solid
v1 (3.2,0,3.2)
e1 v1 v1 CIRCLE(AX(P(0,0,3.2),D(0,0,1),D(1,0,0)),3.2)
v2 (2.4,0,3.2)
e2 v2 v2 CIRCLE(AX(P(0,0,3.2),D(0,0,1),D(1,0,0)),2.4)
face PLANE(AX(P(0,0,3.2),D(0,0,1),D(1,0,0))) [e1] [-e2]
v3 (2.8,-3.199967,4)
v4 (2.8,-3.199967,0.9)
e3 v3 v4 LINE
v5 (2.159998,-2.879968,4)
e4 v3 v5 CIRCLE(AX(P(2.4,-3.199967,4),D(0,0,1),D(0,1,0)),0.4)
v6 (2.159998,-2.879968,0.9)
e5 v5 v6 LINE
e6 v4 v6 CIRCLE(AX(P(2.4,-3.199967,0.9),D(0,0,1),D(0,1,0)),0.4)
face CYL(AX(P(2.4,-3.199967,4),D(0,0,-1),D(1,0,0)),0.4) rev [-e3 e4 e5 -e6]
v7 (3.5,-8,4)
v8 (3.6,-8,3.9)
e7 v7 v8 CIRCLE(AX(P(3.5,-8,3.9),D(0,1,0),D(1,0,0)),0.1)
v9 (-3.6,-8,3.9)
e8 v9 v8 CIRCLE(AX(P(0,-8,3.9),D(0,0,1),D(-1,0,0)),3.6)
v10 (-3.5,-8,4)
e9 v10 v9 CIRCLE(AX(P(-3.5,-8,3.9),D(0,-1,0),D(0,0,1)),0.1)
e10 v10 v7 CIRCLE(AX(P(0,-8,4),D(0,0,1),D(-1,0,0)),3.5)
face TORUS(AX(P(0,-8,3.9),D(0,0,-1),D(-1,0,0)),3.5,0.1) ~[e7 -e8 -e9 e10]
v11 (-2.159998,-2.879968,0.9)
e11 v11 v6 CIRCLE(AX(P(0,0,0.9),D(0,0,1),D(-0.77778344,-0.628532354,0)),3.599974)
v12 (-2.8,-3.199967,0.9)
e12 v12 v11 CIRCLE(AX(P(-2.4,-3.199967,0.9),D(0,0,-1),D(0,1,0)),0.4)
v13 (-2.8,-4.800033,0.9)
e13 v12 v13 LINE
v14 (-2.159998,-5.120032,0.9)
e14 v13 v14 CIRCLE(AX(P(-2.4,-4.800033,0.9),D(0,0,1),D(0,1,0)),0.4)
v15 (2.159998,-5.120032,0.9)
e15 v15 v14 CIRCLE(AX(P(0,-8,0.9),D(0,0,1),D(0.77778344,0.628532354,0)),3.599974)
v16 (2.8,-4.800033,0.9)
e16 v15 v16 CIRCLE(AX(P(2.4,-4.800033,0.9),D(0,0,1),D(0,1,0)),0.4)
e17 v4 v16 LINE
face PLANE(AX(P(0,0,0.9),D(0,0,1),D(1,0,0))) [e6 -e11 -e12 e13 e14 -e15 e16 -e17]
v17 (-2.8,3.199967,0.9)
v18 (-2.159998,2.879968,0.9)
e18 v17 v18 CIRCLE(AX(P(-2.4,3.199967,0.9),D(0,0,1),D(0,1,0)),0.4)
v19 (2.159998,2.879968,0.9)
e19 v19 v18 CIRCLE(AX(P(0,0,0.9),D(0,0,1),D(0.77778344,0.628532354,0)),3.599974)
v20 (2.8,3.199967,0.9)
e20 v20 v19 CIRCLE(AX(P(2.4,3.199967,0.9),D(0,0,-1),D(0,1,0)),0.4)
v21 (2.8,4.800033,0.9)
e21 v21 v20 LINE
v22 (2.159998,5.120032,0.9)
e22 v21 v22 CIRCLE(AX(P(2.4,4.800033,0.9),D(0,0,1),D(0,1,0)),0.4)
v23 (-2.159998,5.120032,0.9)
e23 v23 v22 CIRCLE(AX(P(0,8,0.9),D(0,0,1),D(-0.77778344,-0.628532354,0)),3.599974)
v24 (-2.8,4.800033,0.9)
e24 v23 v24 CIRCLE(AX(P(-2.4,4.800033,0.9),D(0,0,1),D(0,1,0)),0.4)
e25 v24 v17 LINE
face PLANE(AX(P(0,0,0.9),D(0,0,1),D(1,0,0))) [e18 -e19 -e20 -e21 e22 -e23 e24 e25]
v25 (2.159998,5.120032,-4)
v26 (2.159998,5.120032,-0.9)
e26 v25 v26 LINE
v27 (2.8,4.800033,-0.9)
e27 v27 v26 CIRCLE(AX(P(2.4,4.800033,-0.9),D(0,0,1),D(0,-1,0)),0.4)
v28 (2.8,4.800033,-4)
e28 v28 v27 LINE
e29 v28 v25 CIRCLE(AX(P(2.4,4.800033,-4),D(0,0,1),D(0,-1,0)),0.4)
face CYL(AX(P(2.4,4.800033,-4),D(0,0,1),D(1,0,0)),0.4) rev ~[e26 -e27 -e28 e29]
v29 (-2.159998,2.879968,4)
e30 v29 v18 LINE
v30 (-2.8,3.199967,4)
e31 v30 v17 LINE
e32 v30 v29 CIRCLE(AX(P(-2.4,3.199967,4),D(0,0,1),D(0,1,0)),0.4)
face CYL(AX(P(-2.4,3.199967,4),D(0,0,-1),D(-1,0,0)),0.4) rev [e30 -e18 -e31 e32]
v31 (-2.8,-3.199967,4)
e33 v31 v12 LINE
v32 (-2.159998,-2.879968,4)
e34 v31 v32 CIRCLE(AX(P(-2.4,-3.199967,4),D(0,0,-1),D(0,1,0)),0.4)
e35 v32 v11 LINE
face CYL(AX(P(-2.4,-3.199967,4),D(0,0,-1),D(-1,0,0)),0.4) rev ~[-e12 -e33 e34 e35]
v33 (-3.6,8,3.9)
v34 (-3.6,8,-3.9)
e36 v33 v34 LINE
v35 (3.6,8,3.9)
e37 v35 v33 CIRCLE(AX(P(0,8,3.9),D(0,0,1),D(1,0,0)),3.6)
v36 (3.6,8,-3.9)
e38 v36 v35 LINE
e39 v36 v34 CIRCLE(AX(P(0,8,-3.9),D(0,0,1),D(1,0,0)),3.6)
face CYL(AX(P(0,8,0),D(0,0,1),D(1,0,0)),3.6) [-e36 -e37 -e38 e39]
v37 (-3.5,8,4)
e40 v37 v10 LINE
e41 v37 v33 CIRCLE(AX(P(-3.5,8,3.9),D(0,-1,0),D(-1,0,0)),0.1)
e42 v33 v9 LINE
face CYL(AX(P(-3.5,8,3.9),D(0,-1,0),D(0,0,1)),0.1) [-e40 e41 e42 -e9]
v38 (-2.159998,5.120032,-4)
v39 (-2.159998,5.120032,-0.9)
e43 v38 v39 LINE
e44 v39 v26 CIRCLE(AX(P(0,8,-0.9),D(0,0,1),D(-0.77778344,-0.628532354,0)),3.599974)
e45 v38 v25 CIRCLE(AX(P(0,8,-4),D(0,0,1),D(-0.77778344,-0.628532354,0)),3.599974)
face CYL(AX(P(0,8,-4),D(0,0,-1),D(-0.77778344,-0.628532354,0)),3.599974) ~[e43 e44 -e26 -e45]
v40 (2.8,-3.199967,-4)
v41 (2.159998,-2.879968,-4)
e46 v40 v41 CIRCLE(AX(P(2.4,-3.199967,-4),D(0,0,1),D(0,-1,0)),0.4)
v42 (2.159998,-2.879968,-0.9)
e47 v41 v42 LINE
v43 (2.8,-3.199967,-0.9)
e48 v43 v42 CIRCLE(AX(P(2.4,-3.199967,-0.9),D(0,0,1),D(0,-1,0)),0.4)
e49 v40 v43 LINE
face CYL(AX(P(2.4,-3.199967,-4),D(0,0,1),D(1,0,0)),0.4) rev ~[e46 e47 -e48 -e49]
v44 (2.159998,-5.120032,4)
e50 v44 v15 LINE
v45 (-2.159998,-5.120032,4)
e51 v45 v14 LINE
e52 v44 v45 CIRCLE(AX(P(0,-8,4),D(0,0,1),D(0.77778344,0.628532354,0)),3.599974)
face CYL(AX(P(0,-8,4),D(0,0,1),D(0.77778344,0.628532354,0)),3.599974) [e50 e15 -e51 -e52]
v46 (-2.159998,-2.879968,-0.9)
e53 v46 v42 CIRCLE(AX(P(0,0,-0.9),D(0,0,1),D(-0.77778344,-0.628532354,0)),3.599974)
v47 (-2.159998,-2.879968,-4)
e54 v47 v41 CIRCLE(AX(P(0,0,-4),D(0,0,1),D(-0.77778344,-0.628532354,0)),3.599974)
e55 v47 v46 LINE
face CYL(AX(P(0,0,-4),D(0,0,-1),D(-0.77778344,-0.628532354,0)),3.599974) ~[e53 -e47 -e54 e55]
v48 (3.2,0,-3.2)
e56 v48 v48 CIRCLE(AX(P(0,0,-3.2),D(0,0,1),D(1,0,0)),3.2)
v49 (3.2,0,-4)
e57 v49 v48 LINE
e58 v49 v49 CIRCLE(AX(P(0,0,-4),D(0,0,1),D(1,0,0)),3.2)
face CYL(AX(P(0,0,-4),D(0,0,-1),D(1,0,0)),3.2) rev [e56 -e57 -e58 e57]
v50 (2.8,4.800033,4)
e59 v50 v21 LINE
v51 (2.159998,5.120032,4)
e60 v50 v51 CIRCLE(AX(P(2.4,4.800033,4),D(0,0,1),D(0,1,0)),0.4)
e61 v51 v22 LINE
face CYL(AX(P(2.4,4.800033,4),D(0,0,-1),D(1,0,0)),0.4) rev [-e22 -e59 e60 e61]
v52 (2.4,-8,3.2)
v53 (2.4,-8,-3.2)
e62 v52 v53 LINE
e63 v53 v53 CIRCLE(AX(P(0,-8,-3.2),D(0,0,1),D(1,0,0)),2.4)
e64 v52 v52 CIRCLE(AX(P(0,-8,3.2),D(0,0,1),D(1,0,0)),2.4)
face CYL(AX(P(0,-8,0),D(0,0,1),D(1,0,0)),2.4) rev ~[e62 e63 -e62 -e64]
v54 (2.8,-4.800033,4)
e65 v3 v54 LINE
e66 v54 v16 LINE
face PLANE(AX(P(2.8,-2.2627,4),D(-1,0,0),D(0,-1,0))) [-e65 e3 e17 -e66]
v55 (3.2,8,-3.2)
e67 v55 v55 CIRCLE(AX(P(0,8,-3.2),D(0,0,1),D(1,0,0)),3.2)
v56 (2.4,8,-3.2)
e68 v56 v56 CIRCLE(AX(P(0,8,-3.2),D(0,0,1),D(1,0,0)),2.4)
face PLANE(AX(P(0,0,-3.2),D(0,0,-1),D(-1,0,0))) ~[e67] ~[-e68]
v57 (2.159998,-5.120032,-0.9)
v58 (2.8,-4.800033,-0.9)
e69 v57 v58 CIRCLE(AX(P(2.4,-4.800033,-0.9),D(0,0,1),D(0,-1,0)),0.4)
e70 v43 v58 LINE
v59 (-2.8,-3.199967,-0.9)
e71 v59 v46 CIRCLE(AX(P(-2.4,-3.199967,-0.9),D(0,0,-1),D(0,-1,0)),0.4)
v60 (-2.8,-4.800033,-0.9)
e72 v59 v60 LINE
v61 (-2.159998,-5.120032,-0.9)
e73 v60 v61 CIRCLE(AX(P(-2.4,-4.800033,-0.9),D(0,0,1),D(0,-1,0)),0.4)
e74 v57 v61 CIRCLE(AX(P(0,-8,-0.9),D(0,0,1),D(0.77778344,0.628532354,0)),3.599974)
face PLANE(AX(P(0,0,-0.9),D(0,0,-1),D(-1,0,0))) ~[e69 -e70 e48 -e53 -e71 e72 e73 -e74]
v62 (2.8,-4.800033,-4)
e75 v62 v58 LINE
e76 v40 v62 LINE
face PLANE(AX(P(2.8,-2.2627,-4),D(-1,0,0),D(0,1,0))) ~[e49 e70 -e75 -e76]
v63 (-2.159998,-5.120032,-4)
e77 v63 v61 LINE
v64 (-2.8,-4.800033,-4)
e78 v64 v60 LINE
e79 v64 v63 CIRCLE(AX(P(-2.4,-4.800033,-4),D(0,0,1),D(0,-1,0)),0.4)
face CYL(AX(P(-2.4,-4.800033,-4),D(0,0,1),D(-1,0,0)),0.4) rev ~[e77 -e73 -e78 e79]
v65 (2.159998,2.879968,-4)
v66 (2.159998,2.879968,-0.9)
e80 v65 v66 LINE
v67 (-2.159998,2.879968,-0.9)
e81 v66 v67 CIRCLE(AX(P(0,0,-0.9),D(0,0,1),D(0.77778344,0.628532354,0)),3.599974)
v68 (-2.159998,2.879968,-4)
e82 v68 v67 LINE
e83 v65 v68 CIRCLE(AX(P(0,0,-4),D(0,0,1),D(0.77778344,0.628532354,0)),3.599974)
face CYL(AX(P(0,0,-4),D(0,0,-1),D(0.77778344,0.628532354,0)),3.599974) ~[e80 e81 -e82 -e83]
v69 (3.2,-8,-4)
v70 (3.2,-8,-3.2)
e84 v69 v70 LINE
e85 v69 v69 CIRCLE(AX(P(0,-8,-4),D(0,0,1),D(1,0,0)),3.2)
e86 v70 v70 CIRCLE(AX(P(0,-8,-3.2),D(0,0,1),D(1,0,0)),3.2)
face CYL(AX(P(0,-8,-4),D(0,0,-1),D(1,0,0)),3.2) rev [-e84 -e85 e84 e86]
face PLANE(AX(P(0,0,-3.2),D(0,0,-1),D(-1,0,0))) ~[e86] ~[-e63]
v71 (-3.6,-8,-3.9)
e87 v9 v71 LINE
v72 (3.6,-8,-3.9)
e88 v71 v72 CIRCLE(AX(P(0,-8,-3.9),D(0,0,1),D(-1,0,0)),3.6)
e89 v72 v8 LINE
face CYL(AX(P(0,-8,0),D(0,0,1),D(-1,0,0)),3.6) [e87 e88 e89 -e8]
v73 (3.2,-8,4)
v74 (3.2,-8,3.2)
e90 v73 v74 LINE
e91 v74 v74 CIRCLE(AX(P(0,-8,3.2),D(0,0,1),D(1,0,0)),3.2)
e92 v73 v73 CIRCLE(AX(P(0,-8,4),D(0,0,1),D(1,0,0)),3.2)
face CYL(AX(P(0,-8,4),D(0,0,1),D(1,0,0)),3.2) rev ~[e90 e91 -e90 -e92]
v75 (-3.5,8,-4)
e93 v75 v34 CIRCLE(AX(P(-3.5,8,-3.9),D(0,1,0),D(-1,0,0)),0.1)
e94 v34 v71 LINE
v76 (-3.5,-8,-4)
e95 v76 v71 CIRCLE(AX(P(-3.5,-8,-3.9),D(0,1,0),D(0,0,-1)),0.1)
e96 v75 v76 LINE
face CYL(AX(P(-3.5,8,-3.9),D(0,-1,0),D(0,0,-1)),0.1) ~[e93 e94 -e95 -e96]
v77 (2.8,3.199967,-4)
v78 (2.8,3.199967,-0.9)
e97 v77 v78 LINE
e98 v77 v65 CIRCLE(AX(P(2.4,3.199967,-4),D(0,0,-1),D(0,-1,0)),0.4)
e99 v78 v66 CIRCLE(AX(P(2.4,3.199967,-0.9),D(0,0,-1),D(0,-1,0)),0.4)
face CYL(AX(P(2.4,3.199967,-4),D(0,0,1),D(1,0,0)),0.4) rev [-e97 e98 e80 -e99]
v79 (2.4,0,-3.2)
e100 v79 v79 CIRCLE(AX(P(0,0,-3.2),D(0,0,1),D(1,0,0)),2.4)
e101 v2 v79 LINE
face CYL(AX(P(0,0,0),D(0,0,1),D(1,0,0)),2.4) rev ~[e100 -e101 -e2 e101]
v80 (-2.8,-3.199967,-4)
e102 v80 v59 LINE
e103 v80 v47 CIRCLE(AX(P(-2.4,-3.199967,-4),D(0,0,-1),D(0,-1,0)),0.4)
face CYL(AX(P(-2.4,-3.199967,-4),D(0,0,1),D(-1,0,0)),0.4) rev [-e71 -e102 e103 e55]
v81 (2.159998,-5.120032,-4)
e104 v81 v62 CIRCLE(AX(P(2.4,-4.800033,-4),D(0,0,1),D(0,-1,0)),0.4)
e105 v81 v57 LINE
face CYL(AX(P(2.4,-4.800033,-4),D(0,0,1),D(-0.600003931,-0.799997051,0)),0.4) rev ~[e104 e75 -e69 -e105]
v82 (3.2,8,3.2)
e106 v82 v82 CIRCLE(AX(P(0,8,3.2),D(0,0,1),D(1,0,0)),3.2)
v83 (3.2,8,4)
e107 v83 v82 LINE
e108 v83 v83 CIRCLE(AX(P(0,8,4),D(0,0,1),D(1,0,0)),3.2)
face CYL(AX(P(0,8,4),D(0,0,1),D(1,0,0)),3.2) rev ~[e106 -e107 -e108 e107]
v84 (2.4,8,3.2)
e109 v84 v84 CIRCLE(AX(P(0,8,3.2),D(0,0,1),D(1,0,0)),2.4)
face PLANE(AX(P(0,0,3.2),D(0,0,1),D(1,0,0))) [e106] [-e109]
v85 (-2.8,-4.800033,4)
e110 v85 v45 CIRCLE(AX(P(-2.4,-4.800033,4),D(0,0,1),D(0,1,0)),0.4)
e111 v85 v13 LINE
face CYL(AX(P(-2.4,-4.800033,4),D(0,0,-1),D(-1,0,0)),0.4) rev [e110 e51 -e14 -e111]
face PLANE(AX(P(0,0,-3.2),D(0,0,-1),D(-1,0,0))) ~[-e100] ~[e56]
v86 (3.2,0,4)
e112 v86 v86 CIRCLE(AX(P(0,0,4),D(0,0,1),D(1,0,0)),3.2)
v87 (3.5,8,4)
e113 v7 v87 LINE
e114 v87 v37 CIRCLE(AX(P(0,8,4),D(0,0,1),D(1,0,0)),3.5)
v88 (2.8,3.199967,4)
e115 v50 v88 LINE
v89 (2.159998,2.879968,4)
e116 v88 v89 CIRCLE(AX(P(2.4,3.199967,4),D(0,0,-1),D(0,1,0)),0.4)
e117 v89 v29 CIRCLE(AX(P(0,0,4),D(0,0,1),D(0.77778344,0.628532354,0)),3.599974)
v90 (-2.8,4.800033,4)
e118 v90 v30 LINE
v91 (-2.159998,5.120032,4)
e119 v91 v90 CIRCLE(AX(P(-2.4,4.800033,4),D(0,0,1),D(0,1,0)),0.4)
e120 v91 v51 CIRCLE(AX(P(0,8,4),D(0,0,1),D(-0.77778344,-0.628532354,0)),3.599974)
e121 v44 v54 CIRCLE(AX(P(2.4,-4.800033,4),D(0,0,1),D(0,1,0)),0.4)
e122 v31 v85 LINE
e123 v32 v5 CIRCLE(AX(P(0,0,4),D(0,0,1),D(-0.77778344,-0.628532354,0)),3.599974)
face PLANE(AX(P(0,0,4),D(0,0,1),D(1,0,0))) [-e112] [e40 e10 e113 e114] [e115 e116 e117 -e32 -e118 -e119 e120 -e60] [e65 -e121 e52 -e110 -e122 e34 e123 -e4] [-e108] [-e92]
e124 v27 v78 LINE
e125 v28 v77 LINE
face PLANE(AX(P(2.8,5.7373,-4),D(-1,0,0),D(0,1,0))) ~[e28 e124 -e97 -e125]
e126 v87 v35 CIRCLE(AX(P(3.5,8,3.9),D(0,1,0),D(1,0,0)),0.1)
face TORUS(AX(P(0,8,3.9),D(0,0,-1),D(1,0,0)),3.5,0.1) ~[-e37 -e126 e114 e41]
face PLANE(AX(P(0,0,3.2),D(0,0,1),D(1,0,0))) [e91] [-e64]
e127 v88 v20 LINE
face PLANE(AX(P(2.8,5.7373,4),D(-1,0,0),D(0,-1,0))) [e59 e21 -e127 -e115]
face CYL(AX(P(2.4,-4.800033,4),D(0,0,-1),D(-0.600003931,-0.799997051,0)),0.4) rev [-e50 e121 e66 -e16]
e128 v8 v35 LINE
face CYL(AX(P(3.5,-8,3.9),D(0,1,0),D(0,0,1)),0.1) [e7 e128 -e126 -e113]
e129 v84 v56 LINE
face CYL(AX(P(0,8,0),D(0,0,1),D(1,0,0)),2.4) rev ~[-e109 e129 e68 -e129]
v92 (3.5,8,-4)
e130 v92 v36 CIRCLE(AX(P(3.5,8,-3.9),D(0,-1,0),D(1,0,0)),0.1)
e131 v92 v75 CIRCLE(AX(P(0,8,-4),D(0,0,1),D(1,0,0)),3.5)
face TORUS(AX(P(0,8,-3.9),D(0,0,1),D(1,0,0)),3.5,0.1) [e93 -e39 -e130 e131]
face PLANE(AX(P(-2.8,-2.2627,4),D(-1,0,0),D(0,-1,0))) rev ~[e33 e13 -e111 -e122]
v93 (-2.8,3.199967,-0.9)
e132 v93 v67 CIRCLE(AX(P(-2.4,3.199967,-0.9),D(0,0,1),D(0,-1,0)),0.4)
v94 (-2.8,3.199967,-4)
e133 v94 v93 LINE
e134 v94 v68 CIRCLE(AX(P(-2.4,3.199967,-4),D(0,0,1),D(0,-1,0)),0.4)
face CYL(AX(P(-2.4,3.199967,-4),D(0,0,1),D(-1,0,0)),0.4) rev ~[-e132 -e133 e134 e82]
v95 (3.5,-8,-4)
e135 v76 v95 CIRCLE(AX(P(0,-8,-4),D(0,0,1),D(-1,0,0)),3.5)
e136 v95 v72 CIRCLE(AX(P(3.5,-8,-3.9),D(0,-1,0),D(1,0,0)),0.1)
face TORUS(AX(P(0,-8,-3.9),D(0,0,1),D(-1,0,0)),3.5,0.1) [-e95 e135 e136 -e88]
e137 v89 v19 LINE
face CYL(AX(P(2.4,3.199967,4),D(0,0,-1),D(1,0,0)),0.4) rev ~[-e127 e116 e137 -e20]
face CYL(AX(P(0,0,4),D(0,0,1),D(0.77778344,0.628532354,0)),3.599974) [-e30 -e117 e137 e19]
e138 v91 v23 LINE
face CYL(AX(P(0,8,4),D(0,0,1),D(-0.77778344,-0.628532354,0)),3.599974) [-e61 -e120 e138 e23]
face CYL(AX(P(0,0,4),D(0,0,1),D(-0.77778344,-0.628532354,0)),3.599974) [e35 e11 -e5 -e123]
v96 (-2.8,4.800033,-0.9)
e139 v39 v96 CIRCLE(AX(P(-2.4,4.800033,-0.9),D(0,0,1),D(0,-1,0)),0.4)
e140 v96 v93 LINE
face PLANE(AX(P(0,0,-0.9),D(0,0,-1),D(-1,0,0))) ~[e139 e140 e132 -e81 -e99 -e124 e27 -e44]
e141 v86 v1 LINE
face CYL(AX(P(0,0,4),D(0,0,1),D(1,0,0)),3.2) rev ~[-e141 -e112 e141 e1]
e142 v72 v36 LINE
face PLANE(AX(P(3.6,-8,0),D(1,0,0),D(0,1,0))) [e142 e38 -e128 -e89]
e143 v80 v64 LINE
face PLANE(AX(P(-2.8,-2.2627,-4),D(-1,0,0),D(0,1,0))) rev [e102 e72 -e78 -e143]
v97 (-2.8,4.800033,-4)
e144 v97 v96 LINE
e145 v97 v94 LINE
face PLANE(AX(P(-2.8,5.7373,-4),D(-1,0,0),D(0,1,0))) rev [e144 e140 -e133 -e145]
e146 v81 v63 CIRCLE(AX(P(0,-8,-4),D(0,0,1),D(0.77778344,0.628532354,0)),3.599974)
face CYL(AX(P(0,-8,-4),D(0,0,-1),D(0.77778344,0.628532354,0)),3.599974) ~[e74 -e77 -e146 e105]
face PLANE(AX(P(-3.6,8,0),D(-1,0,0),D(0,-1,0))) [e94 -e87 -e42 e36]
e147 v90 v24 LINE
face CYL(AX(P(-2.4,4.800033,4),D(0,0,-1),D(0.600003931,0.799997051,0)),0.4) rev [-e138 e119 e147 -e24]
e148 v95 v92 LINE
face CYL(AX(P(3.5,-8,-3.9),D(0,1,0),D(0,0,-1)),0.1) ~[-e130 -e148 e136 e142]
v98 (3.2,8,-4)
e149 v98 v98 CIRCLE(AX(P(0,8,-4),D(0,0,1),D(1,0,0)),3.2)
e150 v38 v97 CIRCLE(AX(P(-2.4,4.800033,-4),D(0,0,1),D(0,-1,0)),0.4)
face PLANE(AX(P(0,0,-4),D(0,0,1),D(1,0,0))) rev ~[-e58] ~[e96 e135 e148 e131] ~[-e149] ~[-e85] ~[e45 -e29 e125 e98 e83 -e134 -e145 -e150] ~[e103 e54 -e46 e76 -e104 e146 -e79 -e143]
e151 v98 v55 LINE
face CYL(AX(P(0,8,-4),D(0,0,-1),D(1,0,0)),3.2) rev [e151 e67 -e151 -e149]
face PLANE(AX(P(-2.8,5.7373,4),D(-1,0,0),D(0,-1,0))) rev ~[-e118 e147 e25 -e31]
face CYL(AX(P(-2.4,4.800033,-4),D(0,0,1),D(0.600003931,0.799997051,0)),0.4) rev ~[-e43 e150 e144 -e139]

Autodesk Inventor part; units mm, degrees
ref_plane "YZ Plane" through (0, 0, 0) normal (1, 0, 0) x (0, 1, 0)
ref_plane "XZ Plane" through (0, 0, 0) normal (0, 1, 0) x (-1, 0, 0)
ref_plane "XY Plane" through (0, 0, 0) normal (0, 0, 1) x (1, 0, 0)
sketch "Sketch1" plane through (0, 0, 0) normal (0, 0, 1) x (1, 0, 0)
  line L0 (3.6, -8) -> (3.6, 8)
  line L1 (-3.6, 8) -> (-3.6, -8)
  arc A0 (3.6, 8) -> (-3.6, 8) centre (0, 8) ccw
  circle A1 centre (0, 8) radius 2.4
  circle A2 centre (0, 8) radius 3.2
  circle A3 centre (0, 0) radius 3.2
  circle A4 centre (0, 0) radius 2.4
  line L2 (0, 0) -> (0, 8) construction
  line L3 (-2.8, 5.7373) -> (-2.8, 2.2627)
  line L4 (2.8, 5.7373) -> (2.8, 2.2627)
  arc A5 (-2.8, 5.7373) -> (2.8, 5.7373) centre (0, 8) ccw
  arc A6 (2.8, 2.2627) -> (-2.8, 2.2627) centre (0, 0) ccw
  arc A7 (-3.6, -8) -> (3.6, -8) centre (0, -8) ccw
  circle A8 centre (0, -8) radius 3.2
  circle A9 centre (0, -8) radius 2.4
  line L5 (0, 0) -> (0, -8) construction
  line L6 (-2.8, -2.2627) -> (-2.8, -5.7373)
  line L7 (2.8, -2.2627) -> (2.8, -5.7373)
  arc A10 (-2.8, -2.2627) -> (2.8, -2.2627) centre (0, 0) ccw
  arc A11 (2.8, -5.7373) -> (-2.8, -5.7373) centre (0, -8) ccw
  dimension "d8" = 4.8
  dimension "d9" = 6.4
  dimension "d32" = 7.2
  dimension "d34" = 8
  dimension "d36" = 0.8
extrude "Extrusion1" add sketch "Sketch1" along normal mid plane 8 contours A7 L1 A0 L0 | A2 | A3 | A5 L4 A6 L3 | A8 | A10 L7 A11 L6
sketch "Sketch6" plane through (0, 0, 4) normal (0, 0, 1) x (1, 0, 0)
  circle A0 centre (0, 0) radius 2.4 projected
  circle A1 centre (0, 8) radius 2.4 projected
  circle A2 centre (0, 0) radius 3.2 projected
  circle A3 centre (0, 8) radius 3.2 projected
  arc A4 (2.8, 2.2627) -> (-2.8, 2.2627) centre (0, 0) ccw projected
  line L0 (-2.8, 5.7373) -> (-2.8, 2.2627) projected
  arc A5 (-2.8, 5.7373) -> (2.8, 5.7373) centre (0, 8) ccw projected
  line L1 (2.8, 5.7373) -> (2.8, 2.2627) projected
  line L2 (-2.8, -2.2627) -> (-2.8, -5.7373) projected
  arc A6 (-2.8, -2.2627) -> (2.8, -2.2627) centre (0, 0) ccw projected
  arc A7 (2.8, -5.7373) -> (-2.8, -5.7373) centre (0, -8) ccw projected
  line L3 (2.8, -2.2627) -> (2.8, -5.7373) projected
  circle A8 centre (0, -8) radius 3.2 projected
  circle A9 centre (0, -8) radius 2.4 projected
extrude "Extrusion7" cut sketch "Sketch6" against normal blind 0.8 contours A2 | A3 | A8
extrude "Extrusion8" cut sketch "Sketch6" against normal blind 3.1 contours A4 L0 A5 L1 | A6 L3 A7 L2
mirror "Mirror1" about plane through (0, 0, 0) normal (0, 0, 1) of "Extrusion7", "Extrusion8"
fillet "Fillet1" radius 0.1 6 edges at (0, 11.6, 4) (3.6, 0, 4) (-3.6, 0, 4) (0, 11.6, -4) (-3.6, 0, -4) (3.6, 0, -4)
fillet "Fillet1" radius 0.4 16 edges at (-2.8, 2.2627, 2.45) (-2.8, 5.7373, 2.45) (2.8, 2.2627, 2.45) (2.8, 5.7373, 2.45) (2.8, 5.7373, -2.45) (2.8, 2.2627, -2.45) (-2.8, 2.2627, -2.45) (-2.8, 5.7373, -2.45) (-2.8, -2.2627, 2.45) (-2.8, -5.7373, 2.45) (2.8, -5.7373, 2.45) (2.8, -2.2627, 2.45) (2.8, -2.2627, -2.45) (2.8, -5.7373, -2.45) (-2.8, -5.7373, -2.45) (-2.8, -2.2627, -2.45)
equation "\"d8\" = tpd"
equation "\"d9\" = tsd"
equation "\"d32\" = tlad"
equation "\"d34\" = lu"
equation "\"d14\" = lu"
equation "\"d41\" = tsl"
equation "\"d45\" = lf"
equation "\"d46\" = tf"
equation "\"tpd\" = 4.8"
equation "\"tsd\" = 6.4"
equation "\"tlad\" = 7.2"
equation "\"lu\" = 8"
equation "\"tsl\" = 0.8"
equation "\"lf\" = 0.1"
equation "\"tf\" = 0.4"
properties part number "32523-Yellow" material "ABS Plastic"
